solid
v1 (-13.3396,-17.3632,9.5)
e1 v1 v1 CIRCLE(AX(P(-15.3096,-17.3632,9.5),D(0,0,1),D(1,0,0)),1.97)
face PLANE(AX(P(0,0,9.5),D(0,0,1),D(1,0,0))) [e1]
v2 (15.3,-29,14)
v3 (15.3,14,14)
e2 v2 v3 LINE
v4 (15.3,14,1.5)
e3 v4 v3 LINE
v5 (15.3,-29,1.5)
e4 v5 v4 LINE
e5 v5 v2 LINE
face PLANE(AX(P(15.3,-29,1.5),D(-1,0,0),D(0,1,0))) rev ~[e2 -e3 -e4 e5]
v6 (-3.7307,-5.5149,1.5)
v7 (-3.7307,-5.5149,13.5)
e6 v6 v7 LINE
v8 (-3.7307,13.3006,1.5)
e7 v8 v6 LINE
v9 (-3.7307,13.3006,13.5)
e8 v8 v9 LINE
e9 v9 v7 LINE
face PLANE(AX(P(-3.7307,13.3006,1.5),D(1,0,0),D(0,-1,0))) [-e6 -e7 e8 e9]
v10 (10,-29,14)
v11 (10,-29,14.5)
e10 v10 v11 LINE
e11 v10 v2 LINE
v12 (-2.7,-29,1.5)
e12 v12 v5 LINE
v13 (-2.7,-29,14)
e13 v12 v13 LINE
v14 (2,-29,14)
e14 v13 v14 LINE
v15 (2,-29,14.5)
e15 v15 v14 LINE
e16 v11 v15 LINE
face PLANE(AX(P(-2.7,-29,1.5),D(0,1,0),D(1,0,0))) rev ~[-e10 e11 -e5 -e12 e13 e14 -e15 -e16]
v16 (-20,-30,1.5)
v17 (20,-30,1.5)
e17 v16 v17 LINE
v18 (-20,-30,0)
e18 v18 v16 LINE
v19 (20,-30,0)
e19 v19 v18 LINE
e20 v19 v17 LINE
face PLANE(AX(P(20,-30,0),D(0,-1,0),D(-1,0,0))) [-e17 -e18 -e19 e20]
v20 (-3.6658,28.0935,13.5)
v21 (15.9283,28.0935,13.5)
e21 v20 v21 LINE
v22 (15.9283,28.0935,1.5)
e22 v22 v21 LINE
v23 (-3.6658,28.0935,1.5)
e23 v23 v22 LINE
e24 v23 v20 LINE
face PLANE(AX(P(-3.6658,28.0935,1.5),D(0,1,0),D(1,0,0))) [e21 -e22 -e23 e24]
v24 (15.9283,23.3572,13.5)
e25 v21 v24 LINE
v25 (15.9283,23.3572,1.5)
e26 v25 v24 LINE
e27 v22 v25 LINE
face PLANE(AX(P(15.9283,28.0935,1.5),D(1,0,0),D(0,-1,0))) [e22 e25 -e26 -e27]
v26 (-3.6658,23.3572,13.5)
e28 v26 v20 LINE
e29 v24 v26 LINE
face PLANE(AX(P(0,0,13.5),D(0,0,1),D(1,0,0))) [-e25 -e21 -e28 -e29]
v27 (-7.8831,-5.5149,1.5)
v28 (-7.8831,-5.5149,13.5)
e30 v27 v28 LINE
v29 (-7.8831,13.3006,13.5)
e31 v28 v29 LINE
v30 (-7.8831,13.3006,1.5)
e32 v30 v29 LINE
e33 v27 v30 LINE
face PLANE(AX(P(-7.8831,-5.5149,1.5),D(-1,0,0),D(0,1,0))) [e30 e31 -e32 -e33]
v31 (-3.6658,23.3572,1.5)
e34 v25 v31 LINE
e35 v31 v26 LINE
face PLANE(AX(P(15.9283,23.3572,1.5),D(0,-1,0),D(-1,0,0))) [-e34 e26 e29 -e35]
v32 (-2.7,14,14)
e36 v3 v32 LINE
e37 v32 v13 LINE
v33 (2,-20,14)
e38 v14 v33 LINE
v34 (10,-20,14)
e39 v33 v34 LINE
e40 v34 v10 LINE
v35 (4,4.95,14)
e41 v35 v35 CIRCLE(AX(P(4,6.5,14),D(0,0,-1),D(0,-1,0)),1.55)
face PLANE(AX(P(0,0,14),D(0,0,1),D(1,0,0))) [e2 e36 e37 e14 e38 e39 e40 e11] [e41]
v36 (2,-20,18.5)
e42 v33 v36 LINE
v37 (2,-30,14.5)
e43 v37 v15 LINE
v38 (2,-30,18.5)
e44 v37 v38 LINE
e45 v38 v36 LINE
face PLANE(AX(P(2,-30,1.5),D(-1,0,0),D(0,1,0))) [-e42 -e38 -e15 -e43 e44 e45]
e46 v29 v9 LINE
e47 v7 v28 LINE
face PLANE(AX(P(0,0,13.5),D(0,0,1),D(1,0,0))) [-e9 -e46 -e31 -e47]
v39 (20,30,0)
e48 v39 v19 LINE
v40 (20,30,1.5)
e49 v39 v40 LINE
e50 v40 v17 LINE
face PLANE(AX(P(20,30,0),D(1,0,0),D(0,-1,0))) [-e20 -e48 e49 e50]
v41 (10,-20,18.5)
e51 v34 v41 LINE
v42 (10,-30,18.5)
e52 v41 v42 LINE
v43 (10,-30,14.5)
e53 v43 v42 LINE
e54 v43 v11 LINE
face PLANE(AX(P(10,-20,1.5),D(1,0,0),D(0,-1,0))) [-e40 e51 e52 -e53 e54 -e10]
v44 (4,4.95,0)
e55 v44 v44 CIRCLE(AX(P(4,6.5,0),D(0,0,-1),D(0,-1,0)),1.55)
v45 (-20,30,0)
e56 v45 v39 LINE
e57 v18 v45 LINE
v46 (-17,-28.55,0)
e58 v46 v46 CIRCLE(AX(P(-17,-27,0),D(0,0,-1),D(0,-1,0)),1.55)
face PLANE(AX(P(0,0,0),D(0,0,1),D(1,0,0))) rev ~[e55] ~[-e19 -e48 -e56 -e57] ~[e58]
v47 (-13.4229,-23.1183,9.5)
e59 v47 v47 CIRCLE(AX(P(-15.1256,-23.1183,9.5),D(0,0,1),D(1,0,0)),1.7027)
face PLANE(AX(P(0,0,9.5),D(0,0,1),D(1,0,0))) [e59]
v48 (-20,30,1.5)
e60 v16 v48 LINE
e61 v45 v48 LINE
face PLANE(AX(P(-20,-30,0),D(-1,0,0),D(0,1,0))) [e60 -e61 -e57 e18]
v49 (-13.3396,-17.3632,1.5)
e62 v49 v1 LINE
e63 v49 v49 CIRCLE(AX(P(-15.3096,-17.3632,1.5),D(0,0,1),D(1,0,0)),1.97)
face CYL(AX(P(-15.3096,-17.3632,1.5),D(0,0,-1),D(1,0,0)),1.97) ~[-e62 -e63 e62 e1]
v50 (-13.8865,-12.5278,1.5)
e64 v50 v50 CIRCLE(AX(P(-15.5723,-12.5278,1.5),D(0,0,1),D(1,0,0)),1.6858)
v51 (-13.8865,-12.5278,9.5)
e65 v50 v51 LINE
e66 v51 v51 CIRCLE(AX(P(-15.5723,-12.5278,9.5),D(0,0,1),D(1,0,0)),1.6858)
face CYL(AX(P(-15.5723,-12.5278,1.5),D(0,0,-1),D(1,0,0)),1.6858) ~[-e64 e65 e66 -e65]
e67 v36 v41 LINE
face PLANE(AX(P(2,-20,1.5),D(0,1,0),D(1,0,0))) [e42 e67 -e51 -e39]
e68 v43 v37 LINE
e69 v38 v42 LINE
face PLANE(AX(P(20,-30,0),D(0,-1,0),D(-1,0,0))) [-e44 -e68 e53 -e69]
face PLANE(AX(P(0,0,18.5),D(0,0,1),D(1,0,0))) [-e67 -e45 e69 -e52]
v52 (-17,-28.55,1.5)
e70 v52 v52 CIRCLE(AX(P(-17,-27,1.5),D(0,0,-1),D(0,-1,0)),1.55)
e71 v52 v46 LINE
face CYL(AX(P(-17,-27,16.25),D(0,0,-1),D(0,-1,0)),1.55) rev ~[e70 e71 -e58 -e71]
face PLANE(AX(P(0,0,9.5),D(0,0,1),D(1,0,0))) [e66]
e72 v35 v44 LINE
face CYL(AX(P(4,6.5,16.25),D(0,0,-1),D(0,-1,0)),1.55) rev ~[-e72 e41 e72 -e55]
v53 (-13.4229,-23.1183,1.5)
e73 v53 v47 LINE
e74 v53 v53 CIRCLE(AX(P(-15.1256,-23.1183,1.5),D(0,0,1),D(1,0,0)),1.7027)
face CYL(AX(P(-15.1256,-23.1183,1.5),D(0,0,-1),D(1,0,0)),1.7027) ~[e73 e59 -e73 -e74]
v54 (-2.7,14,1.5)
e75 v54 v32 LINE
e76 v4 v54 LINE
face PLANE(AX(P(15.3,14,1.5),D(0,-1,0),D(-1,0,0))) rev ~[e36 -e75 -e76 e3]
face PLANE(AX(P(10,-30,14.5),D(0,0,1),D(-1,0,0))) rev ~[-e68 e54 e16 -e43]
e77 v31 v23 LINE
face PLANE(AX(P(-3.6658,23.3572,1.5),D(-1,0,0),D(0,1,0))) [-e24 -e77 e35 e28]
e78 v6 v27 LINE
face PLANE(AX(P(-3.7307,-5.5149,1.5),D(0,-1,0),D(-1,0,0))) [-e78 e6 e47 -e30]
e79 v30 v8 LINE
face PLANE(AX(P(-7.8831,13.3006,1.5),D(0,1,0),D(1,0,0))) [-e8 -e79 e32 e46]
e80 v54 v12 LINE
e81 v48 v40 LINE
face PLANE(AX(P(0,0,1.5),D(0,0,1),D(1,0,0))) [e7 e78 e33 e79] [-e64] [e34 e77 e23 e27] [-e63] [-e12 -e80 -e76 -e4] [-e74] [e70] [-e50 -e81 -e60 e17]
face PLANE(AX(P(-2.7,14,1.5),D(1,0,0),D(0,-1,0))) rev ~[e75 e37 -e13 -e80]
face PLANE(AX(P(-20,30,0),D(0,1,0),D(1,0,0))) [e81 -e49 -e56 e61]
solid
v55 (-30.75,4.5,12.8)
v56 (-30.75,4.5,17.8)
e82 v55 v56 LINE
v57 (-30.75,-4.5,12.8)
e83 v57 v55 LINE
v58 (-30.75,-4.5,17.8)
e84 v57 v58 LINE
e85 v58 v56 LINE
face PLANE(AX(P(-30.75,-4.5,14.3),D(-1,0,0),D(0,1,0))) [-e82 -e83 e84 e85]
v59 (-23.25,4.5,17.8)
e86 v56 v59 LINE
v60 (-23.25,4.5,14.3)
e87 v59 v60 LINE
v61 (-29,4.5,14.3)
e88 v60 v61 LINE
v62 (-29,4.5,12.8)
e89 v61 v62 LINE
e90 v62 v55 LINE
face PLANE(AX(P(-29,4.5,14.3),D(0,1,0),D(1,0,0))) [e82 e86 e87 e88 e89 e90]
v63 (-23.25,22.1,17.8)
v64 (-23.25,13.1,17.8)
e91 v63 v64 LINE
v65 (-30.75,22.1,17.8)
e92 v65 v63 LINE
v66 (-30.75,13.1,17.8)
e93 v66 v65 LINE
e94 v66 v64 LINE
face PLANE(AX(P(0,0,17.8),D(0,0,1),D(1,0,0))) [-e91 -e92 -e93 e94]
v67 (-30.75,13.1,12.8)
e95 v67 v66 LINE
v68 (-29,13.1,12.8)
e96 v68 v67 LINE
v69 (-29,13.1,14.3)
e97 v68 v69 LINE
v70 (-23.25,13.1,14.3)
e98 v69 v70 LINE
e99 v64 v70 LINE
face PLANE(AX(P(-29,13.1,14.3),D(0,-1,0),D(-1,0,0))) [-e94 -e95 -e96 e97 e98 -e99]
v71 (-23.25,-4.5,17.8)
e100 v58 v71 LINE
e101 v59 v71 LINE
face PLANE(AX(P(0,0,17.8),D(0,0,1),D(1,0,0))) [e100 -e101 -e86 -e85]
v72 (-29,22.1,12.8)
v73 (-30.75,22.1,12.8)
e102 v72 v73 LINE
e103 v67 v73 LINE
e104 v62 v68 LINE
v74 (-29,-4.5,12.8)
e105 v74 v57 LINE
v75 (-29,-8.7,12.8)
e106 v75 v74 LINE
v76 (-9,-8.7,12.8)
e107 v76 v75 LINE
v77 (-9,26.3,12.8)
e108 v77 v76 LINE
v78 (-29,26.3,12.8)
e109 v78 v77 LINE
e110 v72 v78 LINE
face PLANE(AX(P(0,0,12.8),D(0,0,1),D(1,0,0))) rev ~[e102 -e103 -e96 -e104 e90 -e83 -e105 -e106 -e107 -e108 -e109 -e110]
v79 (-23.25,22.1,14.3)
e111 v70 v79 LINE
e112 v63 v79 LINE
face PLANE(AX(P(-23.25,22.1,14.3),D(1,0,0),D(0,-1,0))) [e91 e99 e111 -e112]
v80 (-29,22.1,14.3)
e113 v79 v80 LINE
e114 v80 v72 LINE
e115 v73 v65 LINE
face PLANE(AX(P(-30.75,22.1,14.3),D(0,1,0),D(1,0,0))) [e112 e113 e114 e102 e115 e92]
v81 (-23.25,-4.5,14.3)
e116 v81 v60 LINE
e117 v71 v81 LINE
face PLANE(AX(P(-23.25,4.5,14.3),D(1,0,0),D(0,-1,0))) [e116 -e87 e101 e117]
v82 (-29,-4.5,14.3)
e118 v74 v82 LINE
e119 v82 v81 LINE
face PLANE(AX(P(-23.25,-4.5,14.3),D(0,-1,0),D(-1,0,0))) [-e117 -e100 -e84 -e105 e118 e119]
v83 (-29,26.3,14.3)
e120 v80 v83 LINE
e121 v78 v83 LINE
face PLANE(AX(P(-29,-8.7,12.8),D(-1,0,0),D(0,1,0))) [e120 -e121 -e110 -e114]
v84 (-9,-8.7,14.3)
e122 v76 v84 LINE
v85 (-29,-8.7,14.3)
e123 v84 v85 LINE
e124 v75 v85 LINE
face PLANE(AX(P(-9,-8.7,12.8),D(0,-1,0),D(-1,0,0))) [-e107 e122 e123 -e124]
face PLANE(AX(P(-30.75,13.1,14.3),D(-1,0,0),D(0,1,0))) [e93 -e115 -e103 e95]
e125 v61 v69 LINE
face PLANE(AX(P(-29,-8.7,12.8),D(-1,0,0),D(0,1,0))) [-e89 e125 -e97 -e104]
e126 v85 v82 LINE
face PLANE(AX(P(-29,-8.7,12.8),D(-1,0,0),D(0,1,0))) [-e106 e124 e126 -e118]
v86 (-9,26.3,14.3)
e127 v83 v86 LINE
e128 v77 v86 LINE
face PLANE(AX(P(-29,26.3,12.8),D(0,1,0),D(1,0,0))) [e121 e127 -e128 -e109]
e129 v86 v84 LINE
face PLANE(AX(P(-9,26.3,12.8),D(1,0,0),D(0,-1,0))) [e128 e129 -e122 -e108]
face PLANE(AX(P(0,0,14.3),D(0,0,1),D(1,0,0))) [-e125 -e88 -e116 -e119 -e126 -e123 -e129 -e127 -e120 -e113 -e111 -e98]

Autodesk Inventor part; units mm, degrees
ref_plane "YZ Plane" through (0, 0, 0) normal (1, 0, 0) x (0, 1, 0)
sketch "Skizze1" plane through (0, 0, 0) normal (0, 0, 1) x (1, 0, 0)
  line L0 (-20, 30) -> (20, 30)
  line L1 (20, 30) -> (20, -30)
  line L2 (20, -30) -> (-20, -30)
  line L3 (-20, -30) -> (-20, 30)
  line L4 (-20, 30) -> (20, -30) construction
  line L5 (20, 30) -> (-20, -30) construction
  point P0 (0, 0)
  dimension "d0" = 40
  dimension "d1" = 60
extrude "Extrusion1" add sketch "Skizze1" along normal blind 1.5
sketch "Skizze2" plane through (0, 0, 1.5) normal (0, 0, 1) x (1, 0, 0)
  line L0 (-20, -30) -> (20, -30) projected
  line L1 (10, -30) -> (2, -30)
  line L2 (2, -30) -> (2, -20)
  line L3 (2, -20) -> (10, -20)
  line L4 (10, -20) -> (10, -30)
  line L5 (20, -30) -> (20, 30) projected
  point P0 (0, 0)
  dimension "d4" = 8
  dimension "d5" = 10
  dimension "d6" = 10
extrude "Extrusion2" add sketch "Skizze2" along normal blind 17
sketch "Skizze3" plane through (-20, -30, 0) normal (0, -1, 0) x (1, 0, 0)
  line L0 (0, 1.5) -> (22, 1.5) projected
  line L1 (30, 1.5) -> (30, 18.5) projected
  line L2 (22, 1.5) -> (30, 1.5)
  line L3 (30, 1.5) -> (30, 14.5)
  line L4 (30, 14.5) -> (22, 14.5)
  line L5 (22, 14.5) -> (22, 1.5)
  line L6 (22, 18.5) -> (30, 18.5) projected
  point P0 (20, 0)
  dimension "d9" = 4
extrude "Extrusion3" cut sketch "Skizze3" against normal blind 1
ref_plane "Arbeitsebene1" through (0, 0, 12.8) normal (0, 0, 1) x (1, 0, 0)
sketch "Skizze4" plane through (0, 0, 12.8) normal (0, 0, 1) x (1, 0, 0)
  line L0 (-29, 26.3) -> (-9, 26.3)
  line L1 (-9, 26.3) -> (-9, -8.7)
  line L2 (-9, -8.7) -> (-29, -8.7)
  line L3 (-29, -8.7) -> (-29, 26.3)
  line L4 (20, 30) -> (-20, 30) projected
  line L5 (20, -30) -> (20, 30) projected
  point P0 (0, 0)
  dimension "d12" = 35
  dimension "d13" = 20
  dimension "d14" = 3.7
  dimension "d15" = 29
extrude "Extrusion4" add sketch "Skizze4" along normal blind 1.5
sketch "Skizze5" plane through (0, 0, 14.3) normal (0, 0, 1) x (1, 0, 0)
  line L0 (-30.75, 22.1) -> (-23.25, 22.1)
  line L1 (-23.25, 22.1) -> (-23.25, 13.1)
  line L2 (-23.25, 13.1) -> (-30.75, 13.1)
  line L3 (-30.75, 13.1) -> (-30.75, 22.1)
  line L4 (-30.75, 4.5) -> (-23.25, 4.5)
  line L5 (-23.25, 4.5) -> (-23.25, -4.5)
  line L6 (-23.25, -4.5) -> (-30.75, -4.5)
  line L7 (-30.75, -4.5) -> (-30.75, 4.5)
  line L8 (-29, 26.3) -> (-29, -8.7) projected
  line L9 (-9, 26.3) -> (-29, 26.3) projected
  line L10 (-29, -8.7) -> (-9, -8.7) projected
  point P0 (0, 0)
  dimension "d19" = 7.5
  dimension "d20" = 9
  dimension "d21" = 1.75
  dimension "d22" = 4.2
  dimension "d23" = 4.2
  dimension "d24" = 9
extrude "Extrusion5" add sketch "Skizze5" along normal blind 3.5 and the other way blind 1.5
sketch "Skizze6" plane through (0, 0, 1.5) normal (0, 0, 1) x (1, 0, 0)
  line L0 (-2.7, -29) -> (15.3, -29)
  line L1 (15.3, -29) -> (15.3, 14)
  line L2 (15.3, 14) -> (-2.7, 14)
  line L3 (-2.7, 14) -> (-2.7, -29)
  line L4 (20, -30) -> (20, 30) projected
  point P0 (0, 0)
  point P1 (2, -29)
  dimension "d29" = 18
  dimension "d30" = 43
  dimension "d31" = 4.7
extrude "Extrusion6" add sketch "Skizze6" along normal blind 12.5
sketch "Skizze7" plane through (0, 0, 1.5) normal (0, 0, 1) x (1, 0, 0)
  circle A0 centre (-15.5723, -12.5278) radius 1.6858
  circle A1 centre (-15.3096, -17.3632) radius 1.97
  circle A2 centre (-15.1256, -23.1183) radius 1.7027
  point P0 (0, 0)
extrude "Extrusion7" add sketch "Skizze7" along normal blind 8
sketch "Skizze8" plane through (0, 0, 1.5) normal (0, 0, 1) x (1, 0, 0)
  line L0 (-3.6658, 28.0935) -> (15.9283, 28.0935)
  line L1 (15.9283, 28.0935) -> (15.9283, 23.3572)
  line L2 (15.9283, 23.3572) -> (-3.6658, 23.3572)
  line L3 (-3.6658, 23.3572) -> (-3.6658, 28.0935)
  point P0 (0, 0)
extrude "Extrusion8" add sketch "Skizze8" along normal blind 12
sketch "Skizze9" plane through (0, 0, 1.5) normal (0, 0, 1) x (1, 0, 0)
  line L0 (-7.8831, 13.3006) -> (-3.7307, 13.3006)
  line L1 (-3.7307, 13.3006) -> (-3.7307, -5.5149)
  line L2 (-3.7307, -5.5149) -> (-7.8831, -5.5149)
  line L3 (-7.8831, -5.5149) -> (-7.8831, 13.3006)
  point P0 (0, 0)
extrude "Extrusion9" add sketch "Skizze9" along normal blind 12
ref_plane "Arbeitsebene2" through (0, 0, 16.25) normal (0, 0, 1) x (1, 0, 0)
sketch "Skizze10" plane through (0, 0, 16.25) normal (0, 0, 1) x (1, 0, 0)
  line L0 (-20, -30) -> (20, -30) projected
  line L1 (-20, 30) -> (-20, -30) projected
  line L2 (20, -30) -> (20, 30) projected
  point P0 (0, 0)
  point P1 (-17, -27)
  point P2 (4, 6.5)
  dimension "d40" = 3
  dimension "d41" = 3
  dimension "d42" = 16
  dimension "d43" = 36.5
hole "Bohrung1" at (-17, -27, 16.25) at (4, 6.5, 16.25) direction (0, 0, -1) diameter 3.1 end through all
equation "\"d23\" = d22"
equation "\"d24\" = d20"
equation "\"d41\" = d40"
properties part number "Platine"
